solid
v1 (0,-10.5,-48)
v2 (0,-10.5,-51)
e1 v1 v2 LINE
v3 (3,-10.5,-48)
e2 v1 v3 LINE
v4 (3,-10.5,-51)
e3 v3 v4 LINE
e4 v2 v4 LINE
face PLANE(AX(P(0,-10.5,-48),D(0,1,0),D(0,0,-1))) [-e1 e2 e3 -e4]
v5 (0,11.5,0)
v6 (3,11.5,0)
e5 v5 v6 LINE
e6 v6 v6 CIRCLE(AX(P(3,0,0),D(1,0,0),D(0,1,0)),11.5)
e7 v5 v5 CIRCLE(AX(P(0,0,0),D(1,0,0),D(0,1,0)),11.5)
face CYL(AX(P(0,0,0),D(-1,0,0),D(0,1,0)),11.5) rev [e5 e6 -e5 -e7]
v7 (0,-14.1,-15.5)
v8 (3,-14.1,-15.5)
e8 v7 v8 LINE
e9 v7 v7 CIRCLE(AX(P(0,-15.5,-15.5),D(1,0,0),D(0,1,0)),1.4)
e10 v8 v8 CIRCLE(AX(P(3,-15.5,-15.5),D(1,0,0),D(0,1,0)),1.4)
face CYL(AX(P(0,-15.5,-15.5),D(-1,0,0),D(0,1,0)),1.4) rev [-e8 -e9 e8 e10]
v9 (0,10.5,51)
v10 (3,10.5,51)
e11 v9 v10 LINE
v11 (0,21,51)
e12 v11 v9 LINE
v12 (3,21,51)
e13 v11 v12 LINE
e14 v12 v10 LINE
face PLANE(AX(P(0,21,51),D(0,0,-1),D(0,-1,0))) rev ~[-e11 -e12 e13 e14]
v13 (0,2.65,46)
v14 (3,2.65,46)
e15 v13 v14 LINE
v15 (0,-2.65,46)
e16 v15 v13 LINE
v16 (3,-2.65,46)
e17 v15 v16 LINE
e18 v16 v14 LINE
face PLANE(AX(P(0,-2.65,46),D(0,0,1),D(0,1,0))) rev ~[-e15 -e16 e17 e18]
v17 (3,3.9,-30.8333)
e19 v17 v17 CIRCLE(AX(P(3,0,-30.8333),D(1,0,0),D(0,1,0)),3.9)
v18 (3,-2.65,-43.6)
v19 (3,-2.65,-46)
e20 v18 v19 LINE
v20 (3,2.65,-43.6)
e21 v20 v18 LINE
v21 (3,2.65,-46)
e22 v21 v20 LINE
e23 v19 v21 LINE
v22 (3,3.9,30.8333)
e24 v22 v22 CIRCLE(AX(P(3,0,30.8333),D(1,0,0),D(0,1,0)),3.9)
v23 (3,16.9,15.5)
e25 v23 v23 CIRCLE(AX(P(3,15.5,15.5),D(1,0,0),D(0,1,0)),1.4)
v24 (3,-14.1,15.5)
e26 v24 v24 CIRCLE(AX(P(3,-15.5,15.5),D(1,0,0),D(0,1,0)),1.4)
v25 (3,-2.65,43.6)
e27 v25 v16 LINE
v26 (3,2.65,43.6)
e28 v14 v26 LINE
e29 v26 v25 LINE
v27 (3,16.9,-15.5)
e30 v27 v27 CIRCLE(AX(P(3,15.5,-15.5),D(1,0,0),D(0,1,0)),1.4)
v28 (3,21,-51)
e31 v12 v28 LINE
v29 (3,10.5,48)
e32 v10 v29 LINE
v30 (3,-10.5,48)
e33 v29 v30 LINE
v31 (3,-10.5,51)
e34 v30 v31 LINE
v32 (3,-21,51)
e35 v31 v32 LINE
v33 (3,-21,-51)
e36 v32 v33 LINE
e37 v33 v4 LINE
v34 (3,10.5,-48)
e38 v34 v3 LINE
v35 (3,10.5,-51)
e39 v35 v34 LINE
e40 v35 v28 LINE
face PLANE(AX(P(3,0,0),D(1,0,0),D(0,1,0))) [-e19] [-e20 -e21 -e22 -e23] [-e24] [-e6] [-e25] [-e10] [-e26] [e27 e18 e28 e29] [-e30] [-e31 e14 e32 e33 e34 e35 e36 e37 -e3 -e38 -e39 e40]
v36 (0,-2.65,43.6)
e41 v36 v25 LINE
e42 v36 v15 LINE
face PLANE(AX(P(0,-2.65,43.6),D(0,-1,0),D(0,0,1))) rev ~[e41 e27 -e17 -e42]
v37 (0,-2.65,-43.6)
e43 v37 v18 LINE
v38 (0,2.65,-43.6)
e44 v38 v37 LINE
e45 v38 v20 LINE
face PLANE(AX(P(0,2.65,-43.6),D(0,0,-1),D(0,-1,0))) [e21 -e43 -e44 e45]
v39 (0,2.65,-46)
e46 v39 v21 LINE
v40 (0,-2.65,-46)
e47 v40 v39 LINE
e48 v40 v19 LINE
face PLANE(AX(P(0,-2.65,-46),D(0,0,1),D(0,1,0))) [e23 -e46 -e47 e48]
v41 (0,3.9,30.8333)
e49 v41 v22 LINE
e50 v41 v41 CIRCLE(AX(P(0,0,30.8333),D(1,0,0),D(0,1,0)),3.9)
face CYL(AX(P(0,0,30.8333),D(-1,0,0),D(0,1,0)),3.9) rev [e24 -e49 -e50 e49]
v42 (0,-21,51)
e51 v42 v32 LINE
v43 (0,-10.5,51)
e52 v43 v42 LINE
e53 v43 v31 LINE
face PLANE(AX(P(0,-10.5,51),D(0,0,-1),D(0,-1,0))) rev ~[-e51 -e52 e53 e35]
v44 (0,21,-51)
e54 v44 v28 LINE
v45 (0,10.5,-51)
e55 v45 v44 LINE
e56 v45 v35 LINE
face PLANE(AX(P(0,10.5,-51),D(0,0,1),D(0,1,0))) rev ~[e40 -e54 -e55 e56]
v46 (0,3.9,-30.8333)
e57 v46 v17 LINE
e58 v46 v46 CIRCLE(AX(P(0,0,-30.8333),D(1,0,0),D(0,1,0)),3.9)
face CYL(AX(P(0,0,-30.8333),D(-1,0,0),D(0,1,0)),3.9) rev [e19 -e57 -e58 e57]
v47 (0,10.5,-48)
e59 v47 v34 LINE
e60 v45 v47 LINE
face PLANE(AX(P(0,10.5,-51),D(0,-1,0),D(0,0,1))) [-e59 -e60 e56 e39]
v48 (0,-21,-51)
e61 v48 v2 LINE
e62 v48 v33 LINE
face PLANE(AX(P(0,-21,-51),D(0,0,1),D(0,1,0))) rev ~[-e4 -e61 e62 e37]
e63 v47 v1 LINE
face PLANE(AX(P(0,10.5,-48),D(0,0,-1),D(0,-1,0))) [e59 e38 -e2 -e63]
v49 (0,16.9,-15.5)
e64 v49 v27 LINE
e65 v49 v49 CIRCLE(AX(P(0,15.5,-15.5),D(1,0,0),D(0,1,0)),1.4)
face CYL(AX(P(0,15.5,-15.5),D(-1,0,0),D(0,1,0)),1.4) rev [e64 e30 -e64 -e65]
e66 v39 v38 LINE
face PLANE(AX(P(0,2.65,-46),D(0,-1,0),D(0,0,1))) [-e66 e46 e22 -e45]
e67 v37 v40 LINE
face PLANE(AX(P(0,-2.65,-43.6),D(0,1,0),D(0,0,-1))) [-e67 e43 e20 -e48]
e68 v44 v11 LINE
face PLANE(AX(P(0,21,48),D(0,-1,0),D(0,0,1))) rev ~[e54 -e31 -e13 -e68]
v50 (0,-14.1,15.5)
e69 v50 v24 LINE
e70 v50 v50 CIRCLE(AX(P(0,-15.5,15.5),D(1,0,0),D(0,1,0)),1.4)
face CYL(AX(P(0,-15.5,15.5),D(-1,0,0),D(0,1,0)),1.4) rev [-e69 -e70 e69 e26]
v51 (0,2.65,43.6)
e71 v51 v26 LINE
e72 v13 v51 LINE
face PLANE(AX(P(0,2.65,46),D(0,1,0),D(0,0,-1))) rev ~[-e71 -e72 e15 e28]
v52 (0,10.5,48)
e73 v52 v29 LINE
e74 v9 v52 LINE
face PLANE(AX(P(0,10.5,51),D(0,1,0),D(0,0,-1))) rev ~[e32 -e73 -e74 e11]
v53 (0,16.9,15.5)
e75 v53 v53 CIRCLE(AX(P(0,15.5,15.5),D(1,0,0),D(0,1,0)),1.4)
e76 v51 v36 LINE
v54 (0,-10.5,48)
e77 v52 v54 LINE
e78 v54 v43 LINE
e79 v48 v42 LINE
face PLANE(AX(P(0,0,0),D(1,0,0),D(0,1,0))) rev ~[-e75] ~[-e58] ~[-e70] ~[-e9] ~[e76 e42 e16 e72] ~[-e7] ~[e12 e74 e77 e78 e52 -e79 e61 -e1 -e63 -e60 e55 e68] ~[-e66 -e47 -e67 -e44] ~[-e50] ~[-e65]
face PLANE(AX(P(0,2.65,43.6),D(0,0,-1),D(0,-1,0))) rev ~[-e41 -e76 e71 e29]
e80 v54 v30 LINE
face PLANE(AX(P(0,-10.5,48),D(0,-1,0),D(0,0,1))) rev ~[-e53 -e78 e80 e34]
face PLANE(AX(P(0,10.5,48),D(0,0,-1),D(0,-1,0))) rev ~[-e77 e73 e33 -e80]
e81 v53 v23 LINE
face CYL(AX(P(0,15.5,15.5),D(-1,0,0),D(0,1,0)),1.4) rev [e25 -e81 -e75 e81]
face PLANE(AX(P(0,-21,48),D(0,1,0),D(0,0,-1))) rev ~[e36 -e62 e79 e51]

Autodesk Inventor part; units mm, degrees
ref_plane "YZ Plane" through (0, 0, 0) normal (1, 0, 0) x (0, 1, 0)
ref_plane "XZ Plane" through (0, 0, 0) normal (0, 1, 0) x (-1, 0, 0)
ref_plane "XY Plane" through (0, 0, 0) normal (0, 0, 1) x (1, 0, 0)
sketch "Sketch2" plane through (0, 0, 0) normal (1, 0, 0) x (0, 1, 0)
  circle A0 centre (0, 0) radius 11.5
  line L0 (-29.4, 0) -> (29.4, 0) construction
  line L1 (0, -71.4) -> (0, 71.4) construction
  line L2 (21, 51) -> (10.5, 51)
  line L3 (-21, 51) -> (-21, -51)
  line L4 (-21, -51) -> (-10.5, -51)
  line L5 (21, -51) -> (21, 51)
  line L6 (21, -21) -> (-21, -21) construction
  line L7 (21, 21) -> (-21, 21) construction
  circle A1 centre (15.5, 15.5) radius 1.4
  circle A2 centre (-15.5, 15.5) radius 1.4
  circle A3 centre (-15.5, -15.5) radius 1.4
  circle A4 centre (15.5, -15.5) radius 1.4
  circle A5 centre (0, -30.8333) radius 3.9
  circle A6 centre (0, 30.8333) radius 3.9
  line L8 (21, -48) -> (10.5, -48)
  line L9 (10.5, -51) -> (10.5, -48)
  line L10 (-10.5, -48) -> (-10.5, -51)
  line L11 (10.5, -48) -> (-10.5, -48)
  line L12 (-10.5, -48) -> (-21, -48)
  line L13 (-10.5, -51) -> (10.5, -51)
  line L14 (10.5, -51) -> (21, -51)
  line L15 (21, 48) -> (10.5, 48)
  line L16 (10.5, 51) -> (10.5, 48)
  line L17 (-10.5, 48) -> (-10.5, 51)
  line L18 (10.5, 48) -> (-10.5, 48)
  line L19 (-10.5, 48) -> (-21, 48)
  line L20 (10.5, 51) -> (-10.5, 51)
  line L21 (-10.5, 51) -> (-21, 51)
  line L22 (2.65, -43.6) -> (-2.65, -43.6)
  line L23 (-2.65, -43.6) -> (-2.65, -46)
  line L24 (-2.65, -46) -> (2.65, -46)
  line L25 (2.65, -46) -> (2.65, -43.6)
  line L26 (2.65, 43.6) -> (-2.65, 43.6)
  line L27 (-2.65, 43.6) -> (-2.65, 46)
  line L28 (-2.65, 46) -> (2.65, 46)
  line L29 (2.65, 46) -> (2.65, 43.6)
  dimension "d0" = 23
  dimension "d1" = 42
  dimension "d2" = 102
  dimension "d4" = 2.8
  dimension "d5" = 5.5
  dimension "d6" = 5.5
  dimension "d9" = 360
  dimension "d11" = 7.8
  dimension "d13" = 7.8
  dimension "d15" = 3
  dimension "d16" = 21
  dimension "d17" = 5.3
  dimension "d18" = 2.4
  dimension "d19" = 5
  dimension "d25" = 30.8333
  dimension "d26" = 30.8333
extrude "Extrusion1" add sketch "Sketch2" along normal blind 3 contours L5 L15 L16 L2 | L5 L8 L11 L12 L3 L19 L18 L15 | L17 L19 L3 L21 | L5 L14 L9 L8 | L10 L4 L3 L12
equation "\"d16\" = 0.5 * d1"
properties part number "Front-Inner"
